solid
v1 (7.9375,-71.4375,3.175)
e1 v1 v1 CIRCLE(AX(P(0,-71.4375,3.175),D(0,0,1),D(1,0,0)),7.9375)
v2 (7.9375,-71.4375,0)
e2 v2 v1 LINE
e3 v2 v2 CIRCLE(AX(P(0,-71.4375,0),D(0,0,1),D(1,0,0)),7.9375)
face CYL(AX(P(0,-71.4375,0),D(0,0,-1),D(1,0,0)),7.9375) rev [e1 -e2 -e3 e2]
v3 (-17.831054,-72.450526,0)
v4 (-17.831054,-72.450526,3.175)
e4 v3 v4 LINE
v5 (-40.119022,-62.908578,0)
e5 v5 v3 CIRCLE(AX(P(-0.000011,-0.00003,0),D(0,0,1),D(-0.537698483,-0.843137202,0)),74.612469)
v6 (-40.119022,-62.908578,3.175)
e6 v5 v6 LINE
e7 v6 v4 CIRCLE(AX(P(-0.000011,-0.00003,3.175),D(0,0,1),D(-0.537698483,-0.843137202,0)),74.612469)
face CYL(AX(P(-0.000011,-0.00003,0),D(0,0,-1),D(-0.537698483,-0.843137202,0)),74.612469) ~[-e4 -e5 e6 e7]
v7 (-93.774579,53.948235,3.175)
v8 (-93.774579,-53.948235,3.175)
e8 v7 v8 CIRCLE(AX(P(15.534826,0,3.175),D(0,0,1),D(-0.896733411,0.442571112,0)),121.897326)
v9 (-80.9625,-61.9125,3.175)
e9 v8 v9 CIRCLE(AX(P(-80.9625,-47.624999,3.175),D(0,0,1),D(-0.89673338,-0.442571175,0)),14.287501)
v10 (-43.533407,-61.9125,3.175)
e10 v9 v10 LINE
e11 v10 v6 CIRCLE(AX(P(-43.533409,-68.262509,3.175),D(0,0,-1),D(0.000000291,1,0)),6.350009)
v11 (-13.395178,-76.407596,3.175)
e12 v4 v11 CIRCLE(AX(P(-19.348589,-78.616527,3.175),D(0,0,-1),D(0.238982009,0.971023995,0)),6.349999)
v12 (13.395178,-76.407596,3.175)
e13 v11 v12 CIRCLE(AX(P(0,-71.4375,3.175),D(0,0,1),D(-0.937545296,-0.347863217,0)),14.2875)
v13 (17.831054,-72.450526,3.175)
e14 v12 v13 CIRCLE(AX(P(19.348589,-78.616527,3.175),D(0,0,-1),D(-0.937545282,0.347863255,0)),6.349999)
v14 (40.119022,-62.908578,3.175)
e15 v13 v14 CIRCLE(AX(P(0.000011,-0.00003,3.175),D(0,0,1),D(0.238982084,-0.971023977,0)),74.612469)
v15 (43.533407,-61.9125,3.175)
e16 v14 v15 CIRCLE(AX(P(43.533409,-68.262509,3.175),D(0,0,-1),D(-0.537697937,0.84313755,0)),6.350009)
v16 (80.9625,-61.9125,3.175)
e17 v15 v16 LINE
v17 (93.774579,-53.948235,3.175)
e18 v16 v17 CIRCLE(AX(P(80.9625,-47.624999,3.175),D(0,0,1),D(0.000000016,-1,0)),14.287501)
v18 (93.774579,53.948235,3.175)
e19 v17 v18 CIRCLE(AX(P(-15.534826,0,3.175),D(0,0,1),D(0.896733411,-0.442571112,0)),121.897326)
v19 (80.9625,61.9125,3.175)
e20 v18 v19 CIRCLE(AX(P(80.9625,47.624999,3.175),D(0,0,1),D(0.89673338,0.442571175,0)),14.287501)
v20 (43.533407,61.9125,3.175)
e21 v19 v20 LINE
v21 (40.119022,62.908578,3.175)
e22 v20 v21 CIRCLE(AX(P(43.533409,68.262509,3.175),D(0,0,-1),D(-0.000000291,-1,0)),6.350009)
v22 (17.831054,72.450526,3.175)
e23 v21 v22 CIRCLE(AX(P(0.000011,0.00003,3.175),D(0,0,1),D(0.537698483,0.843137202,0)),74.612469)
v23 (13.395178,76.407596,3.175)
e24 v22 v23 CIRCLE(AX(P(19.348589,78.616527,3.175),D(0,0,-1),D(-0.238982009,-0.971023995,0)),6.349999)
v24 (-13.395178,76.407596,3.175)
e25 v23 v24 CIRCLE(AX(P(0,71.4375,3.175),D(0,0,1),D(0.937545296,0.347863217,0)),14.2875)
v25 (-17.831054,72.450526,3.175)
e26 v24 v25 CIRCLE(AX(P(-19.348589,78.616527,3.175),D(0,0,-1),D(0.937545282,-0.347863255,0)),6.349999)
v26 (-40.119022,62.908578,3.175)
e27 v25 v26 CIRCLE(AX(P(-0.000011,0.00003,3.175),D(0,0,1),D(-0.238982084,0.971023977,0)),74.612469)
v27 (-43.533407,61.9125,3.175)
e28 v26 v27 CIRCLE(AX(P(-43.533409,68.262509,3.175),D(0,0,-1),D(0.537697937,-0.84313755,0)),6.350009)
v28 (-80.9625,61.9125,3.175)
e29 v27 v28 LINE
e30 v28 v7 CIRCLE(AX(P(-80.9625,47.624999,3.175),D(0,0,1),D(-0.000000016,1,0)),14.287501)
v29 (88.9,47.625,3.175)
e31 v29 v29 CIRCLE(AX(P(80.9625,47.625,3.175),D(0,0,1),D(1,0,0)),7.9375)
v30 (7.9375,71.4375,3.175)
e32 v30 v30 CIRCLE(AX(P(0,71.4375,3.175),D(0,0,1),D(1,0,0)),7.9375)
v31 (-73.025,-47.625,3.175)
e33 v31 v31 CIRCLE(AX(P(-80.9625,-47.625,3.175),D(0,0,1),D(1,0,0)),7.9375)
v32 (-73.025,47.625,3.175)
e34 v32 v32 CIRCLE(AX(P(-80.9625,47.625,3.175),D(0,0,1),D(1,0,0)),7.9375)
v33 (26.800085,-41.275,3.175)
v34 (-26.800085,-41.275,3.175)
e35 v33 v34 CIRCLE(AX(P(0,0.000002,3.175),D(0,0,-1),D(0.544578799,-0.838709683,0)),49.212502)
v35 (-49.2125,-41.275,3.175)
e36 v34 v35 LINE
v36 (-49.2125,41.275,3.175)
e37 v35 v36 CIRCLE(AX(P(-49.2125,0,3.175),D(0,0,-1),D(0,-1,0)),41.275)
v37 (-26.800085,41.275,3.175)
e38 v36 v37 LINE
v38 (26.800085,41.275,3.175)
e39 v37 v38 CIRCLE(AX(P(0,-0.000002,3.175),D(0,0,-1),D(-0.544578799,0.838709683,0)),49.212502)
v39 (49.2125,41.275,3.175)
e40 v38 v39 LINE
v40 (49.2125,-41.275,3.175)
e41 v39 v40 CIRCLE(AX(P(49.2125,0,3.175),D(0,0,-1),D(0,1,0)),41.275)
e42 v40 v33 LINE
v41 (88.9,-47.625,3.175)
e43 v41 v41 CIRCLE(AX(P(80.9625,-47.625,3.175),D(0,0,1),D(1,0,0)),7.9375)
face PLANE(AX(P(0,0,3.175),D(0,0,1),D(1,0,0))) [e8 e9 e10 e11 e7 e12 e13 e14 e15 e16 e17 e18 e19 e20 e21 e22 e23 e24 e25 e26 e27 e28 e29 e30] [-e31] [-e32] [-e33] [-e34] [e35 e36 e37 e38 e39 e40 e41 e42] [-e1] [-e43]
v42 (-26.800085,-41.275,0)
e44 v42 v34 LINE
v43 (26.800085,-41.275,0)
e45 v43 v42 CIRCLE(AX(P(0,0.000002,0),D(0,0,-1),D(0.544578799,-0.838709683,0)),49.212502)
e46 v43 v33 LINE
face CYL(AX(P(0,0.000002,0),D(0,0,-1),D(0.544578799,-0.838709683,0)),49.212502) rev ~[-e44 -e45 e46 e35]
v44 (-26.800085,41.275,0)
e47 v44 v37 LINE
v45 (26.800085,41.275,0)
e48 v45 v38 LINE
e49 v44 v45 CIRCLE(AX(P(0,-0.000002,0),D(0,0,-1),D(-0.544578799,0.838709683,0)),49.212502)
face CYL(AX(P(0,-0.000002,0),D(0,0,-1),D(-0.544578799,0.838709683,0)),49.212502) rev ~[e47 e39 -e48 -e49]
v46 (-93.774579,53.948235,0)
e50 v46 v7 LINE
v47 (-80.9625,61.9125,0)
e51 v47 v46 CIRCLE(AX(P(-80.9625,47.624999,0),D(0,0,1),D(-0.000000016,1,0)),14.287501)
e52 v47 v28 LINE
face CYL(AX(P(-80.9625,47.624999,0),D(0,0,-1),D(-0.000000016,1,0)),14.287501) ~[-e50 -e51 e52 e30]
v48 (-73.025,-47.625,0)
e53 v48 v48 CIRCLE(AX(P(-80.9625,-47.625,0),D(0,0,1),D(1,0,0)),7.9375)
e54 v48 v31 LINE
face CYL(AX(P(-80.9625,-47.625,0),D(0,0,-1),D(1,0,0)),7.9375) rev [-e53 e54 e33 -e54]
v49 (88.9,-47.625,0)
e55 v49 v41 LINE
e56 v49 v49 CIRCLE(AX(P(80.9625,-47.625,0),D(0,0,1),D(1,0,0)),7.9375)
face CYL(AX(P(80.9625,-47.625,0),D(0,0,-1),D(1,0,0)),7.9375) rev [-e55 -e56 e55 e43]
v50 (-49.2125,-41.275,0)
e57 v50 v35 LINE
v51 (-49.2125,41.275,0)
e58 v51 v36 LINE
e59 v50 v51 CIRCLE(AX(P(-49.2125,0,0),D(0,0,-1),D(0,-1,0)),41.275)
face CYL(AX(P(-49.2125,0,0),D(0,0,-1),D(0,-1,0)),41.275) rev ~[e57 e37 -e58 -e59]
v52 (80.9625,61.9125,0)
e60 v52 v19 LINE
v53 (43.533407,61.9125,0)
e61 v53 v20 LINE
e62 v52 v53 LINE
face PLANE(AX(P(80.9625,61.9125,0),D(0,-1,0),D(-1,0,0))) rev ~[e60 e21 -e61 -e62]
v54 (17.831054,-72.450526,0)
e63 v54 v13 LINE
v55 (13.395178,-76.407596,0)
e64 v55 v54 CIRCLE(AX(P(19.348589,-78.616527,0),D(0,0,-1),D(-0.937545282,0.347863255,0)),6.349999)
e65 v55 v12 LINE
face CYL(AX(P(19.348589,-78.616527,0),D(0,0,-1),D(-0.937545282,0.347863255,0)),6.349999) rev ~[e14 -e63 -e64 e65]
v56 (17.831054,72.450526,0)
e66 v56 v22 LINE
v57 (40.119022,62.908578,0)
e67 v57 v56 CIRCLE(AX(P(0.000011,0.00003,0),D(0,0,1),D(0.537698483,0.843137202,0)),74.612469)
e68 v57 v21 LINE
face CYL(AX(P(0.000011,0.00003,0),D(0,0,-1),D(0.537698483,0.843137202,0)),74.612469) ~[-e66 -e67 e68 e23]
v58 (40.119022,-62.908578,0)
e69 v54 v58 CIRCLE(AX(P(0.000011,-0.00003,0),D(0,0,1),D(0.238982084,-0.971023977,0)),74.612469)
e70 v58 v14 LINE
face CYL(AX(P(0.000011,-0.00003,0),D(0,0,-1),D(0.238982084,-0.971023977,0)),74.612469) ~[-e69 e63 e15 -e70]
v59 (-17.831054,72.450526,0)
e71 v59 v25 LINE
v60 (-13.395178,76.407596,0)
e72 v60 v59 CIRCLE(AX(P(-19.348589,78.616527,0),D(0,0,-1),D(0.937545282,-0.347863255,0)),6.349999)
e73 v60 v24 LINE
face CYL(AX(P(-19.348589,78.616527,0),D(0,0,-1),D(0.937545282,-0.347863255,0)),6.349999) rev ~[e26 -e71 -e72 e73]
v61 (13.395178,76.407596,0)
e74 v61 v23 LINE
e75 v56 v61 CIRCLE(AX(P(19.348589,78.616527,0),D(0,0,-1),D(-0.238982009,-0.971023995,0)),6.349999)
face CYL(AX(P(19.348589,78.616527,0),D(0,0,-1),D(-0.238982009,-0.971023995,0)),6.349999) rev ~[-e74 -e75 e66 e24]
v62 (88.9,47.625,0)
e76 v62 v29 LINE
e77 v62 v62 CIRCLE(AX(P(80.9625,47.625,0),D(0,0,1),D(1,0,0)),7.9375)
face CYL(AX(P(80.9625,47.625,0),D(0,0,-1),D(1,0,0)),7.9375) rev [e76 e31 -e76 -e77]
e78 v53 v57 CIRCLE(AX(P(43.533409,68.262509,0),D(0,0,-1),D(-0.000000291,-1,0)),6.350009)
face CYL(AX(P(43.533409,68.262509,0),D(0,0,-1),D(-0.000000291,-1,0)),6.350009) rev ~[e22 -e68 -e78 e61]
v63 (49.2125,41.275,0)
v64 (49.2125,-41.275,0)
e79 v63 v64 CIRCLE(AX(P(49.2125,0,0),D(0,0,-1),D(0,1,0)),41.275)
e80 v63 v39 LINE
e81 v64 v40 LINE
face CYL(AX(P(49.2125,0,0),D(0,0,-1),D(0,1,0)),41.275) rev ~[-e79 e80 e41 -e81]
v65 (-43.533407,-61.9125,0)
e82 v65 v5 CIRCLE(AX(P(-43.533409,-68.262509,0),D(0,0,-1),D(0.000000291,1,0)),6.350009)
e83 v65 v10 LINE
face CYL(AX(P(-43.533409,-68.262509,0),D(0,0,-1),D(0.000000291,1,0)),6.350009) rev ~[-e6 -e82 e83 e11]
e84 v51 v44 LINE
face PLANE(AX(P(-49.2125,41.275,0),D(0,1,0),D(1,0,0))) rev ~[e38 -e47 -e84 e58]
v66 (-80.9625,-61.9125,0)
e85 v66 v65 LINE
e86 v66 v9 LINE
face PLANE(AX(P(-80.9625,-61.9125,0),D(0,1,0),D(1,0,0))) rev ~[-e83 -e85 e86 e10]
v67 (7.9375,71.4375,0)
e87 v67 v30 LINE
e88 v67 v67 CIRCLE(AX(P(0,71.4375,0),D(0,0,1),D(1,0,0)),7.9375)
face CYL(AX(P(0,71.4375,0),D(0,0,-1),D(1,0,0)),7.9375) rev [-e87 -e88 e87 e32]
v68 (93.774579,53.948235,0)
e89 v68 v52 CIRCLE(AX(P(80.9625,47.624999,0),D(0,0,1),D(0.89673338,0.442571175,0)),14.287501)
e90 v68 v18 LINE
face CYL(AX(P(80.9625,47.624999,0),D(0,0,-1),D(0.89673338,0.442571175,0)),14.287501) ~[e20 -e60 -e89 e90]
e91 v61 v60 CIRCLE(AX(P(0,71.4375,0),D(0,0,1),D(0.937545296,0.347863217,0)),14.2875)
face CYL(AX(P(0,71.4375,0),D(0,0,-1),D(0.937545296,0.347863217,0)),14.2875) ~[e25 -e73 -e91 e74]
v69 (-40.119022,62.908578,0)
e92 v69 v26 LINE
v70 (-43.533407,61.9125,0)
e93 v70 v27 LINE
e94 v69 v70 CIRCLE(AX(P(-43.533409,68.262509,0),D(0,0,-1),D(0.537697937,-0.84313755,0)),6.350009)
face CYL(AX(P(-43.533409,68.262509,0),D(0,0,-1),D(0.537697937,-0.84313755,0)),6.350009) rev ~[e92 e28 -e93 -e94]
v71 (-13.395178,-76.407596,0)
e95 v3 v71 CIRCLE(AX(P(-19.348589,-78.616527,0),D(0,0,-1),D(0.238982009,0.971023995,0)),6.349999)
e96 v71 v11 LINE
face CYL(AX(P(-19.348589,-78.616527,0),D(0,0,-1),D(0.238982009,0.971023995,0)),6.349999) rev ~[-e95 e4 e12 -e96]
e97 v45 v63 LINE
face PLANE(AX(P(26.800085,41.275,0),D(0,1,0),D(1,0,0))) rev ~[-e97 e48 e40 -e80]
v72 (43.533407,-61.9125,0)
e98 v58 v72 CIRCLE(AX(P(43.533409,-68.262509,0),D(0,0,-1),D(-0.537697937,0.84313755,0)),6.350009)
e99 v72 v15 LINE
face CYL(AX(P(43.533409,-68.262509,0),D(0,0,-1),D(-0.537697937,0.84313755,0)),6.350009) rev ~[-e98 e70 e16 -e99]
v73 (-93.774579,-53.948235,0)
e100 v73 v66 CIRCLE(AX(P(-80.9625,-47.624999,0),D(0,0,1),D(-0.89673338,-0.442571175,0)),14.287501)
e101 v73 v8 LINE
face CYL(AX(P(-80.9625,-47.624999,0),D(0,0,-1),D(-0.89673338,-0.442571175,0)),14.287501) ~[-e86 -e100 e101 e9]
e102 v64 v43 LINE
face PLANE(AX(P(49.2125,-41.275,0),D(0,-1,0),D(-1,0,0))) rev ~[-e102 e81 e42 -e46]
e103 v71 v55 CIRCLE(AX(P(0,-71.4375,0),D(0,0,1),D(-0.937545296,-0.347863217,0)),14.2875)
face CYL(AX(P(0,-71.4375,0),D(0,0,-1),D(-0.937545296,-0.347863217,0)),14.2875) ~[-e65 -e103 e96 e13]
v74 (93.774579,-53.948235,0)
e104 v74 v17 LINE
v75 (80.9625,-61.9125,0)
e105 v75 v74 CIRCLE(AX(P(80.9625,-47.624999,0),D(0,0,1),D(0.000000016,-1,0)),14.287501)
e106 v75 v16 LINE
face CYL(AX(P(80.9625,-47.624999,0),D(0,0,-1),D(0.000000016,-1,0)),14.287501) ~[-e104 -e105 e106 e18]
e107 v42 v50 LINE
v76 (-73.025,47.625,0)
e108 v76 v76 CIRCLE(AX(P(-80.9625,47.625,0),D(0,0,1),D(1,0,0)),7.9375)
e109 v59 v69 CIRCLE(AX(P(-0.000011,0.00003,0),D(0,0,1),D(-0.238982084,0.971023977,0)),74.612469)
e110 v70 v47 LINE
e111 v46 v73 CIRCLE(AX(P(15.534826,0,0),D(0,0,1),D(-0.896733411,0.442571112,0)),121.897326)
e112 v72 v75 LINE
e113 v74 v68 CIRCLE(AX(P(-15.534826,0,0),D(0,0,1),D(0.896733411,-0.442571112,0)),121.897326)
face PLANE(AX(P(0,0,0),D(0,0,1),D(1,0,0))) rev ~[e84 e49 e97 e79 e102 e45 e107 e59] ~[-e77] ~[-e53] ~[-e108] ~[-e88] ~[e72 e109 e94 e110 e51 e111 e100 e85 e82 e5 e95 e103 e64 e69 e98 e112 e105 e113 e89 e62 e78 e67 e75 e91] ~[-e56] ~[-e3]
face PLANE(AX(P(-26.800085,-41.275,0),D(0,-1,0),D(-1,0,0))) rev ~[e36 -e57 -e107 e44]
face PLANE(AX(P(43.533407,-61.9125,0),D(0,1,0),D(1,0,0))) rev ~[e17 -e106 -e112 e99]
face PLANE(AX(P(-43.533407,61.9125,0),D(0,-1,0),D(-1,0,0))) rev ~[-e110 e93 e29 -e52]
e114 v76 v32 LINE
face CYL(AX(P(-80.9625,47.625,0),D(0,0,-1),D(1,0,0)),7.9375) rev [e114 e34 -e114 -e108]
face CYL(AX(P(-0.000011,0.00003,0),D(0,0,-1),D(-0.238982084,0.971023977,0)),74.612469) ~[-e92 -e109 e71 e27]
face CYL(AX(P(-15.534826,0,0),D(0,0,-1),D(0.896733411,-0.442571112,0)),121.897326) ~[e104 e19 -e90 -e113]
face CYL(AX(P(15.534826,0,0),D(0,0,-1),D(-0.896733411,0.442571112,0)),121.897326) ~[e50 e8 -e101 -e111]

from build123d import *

# Parameters (mm, degrees)
F0_R     = 7.9375
F1_DEPTH = 3.175


with BuildPart() as f1:
    # F0 (on Top) → F1 (new body)
    with BuildSketch(Plane.XY):
        with BuildLine():
            Line((-43.533407, 61.9125), (-80.9625, 61.9125))
            ThreePointArc((-80.9625, 61.9125), (-88.505359, 59.759164), (-93.774579, 53.948235))
            ThreePointArc((-93.774579, 53.948235), (-106.3625, 0), (-93.774579, -53.948235))
            ThreePointArc((-93.774579, -53.948235), (-88.505359, -59.759164), (-80.9625, -61.9125))
            Line((-80.9625, -61.9125), (-43.533407, -61.9125))
            ThreePointArc((-43.533407, -61.9125), (-41.755051, -62.166604), (-40.119022, -62.908578))
            ThreePointArc((-40.119022, -62.908578), (-29.365201, -68.59089), (-17.831054, -72.450526))
            ThreePointArc((-17.831054, -72.450526), (-15.121491, -73.877949), (-13.395178, -76.407596))
            ThreePointArc((-13.395178, -76.407596), (0, -85.725), (13.395178, -76.407596))
            ThreePointArc((13.395178, -76.407596), (15.121491, -73.877949), (17.831054, -72.450526))
            ThreePointArc((17.831054, -72.450526), (29.365201, -68.59089), (40.119022, -62.908578))
            ThreePointArc((40.119022, -62.908578), (41.755051, -62.166604), (43.533407, -61.9125))
            Line((43.533407, -61.9125), (80.9625, -61.9125))
            ThreePointArc((80.9625, -61.9125), (88.505359, -59.759164), (93.774579, -53.948235))
            ThreePointArc((93.774579, -53.948235), (106.3625, 0), (93.774579, 53.948235))
            ThreePointArc((93.774579, 53.948235), (88.505359, 59.759164), (80.9625, 61.9125))
            Line((80.9625, 61.9125), (43.533407, 61.9125))
            ThreePointArc((43.533407, 61.9125), (41.755051, 62.166604), (40.119022, 62.908578))
            ThreePointArc((40.119022, 62.908578), (29.365201, 68.59089), (17.831054, 72.450526))
            ThreePointArc((17.831054, 72.450526), (15.121491, 73.877949), (13.395178, 76.407596))
            ThreePointArc((13.395178, 76.407596), (0, 85.725), (-13.395178, 76.407596))
            ThreePointArc((-13.395178, 76.407596), (-15.121491, 73.877949), (-17.831054, 72.450526))
            ThreePointArc((-17.831054, 72.450526), (-29.365201, 68.59089), (-40.119022, 62.908578))
            ThreePointArc((-40.119022, 62.908578), (-41.755051, 62.166604), (-43.533407, 61.9125))
        make_face()
        with Locations((-80.9625, -47.625)):
            Circle(F0_R, mode=Mode.SUBTRACT)
        with Locations((0, -71.4375)):
            Circle(F0_R, mode=Mode.SUBTRACT)
        with Locations((80.9625, -47.625)):
            Circle(F0_R, mode=Mode.SUBTRACT)
        with Locations((-80.9625, 47.625)):
            Circle(F0_R, mode=Mode.SUBTRACT)
        with BuildLine():
            ThreePointArc((26.800085, -41.275), (0, -49.2125), (-26.800085, -41.275))
            Line((-26.800085, -41.275), (-49.2125, -41.275))
            ThreePointArc((-49.2125, -41.275), (-90.4875, 0), (-49.2125, 41.275))
            Line((-49.2125, 41.275), (-26.800085, 41.275))
            ThreePointArc((-26.800085, 41.275), (0, 49.2125), (26.800085, 41.275))
            Line((26.800085, 41.275), (49.2125, 41.275))
            ThreePointArc((49.2125, 41.275), (90.4875, 0), (49.2125, -41.275))
            Line((49.2125, -41.275), (26.800085, -41.275))
        make_face(mode=Mode.SUBTRACT)
        with Locations((0, 71.4375)):
            Circle(F0_R, mode=Mode.SUBTRACT)
        with Locations((80.9625, 47.625)):
            Circle(F0_R, mode=Mode.SUBTRACT)
    extrude(amount=F1_DEPTH)


solid = f1.part
